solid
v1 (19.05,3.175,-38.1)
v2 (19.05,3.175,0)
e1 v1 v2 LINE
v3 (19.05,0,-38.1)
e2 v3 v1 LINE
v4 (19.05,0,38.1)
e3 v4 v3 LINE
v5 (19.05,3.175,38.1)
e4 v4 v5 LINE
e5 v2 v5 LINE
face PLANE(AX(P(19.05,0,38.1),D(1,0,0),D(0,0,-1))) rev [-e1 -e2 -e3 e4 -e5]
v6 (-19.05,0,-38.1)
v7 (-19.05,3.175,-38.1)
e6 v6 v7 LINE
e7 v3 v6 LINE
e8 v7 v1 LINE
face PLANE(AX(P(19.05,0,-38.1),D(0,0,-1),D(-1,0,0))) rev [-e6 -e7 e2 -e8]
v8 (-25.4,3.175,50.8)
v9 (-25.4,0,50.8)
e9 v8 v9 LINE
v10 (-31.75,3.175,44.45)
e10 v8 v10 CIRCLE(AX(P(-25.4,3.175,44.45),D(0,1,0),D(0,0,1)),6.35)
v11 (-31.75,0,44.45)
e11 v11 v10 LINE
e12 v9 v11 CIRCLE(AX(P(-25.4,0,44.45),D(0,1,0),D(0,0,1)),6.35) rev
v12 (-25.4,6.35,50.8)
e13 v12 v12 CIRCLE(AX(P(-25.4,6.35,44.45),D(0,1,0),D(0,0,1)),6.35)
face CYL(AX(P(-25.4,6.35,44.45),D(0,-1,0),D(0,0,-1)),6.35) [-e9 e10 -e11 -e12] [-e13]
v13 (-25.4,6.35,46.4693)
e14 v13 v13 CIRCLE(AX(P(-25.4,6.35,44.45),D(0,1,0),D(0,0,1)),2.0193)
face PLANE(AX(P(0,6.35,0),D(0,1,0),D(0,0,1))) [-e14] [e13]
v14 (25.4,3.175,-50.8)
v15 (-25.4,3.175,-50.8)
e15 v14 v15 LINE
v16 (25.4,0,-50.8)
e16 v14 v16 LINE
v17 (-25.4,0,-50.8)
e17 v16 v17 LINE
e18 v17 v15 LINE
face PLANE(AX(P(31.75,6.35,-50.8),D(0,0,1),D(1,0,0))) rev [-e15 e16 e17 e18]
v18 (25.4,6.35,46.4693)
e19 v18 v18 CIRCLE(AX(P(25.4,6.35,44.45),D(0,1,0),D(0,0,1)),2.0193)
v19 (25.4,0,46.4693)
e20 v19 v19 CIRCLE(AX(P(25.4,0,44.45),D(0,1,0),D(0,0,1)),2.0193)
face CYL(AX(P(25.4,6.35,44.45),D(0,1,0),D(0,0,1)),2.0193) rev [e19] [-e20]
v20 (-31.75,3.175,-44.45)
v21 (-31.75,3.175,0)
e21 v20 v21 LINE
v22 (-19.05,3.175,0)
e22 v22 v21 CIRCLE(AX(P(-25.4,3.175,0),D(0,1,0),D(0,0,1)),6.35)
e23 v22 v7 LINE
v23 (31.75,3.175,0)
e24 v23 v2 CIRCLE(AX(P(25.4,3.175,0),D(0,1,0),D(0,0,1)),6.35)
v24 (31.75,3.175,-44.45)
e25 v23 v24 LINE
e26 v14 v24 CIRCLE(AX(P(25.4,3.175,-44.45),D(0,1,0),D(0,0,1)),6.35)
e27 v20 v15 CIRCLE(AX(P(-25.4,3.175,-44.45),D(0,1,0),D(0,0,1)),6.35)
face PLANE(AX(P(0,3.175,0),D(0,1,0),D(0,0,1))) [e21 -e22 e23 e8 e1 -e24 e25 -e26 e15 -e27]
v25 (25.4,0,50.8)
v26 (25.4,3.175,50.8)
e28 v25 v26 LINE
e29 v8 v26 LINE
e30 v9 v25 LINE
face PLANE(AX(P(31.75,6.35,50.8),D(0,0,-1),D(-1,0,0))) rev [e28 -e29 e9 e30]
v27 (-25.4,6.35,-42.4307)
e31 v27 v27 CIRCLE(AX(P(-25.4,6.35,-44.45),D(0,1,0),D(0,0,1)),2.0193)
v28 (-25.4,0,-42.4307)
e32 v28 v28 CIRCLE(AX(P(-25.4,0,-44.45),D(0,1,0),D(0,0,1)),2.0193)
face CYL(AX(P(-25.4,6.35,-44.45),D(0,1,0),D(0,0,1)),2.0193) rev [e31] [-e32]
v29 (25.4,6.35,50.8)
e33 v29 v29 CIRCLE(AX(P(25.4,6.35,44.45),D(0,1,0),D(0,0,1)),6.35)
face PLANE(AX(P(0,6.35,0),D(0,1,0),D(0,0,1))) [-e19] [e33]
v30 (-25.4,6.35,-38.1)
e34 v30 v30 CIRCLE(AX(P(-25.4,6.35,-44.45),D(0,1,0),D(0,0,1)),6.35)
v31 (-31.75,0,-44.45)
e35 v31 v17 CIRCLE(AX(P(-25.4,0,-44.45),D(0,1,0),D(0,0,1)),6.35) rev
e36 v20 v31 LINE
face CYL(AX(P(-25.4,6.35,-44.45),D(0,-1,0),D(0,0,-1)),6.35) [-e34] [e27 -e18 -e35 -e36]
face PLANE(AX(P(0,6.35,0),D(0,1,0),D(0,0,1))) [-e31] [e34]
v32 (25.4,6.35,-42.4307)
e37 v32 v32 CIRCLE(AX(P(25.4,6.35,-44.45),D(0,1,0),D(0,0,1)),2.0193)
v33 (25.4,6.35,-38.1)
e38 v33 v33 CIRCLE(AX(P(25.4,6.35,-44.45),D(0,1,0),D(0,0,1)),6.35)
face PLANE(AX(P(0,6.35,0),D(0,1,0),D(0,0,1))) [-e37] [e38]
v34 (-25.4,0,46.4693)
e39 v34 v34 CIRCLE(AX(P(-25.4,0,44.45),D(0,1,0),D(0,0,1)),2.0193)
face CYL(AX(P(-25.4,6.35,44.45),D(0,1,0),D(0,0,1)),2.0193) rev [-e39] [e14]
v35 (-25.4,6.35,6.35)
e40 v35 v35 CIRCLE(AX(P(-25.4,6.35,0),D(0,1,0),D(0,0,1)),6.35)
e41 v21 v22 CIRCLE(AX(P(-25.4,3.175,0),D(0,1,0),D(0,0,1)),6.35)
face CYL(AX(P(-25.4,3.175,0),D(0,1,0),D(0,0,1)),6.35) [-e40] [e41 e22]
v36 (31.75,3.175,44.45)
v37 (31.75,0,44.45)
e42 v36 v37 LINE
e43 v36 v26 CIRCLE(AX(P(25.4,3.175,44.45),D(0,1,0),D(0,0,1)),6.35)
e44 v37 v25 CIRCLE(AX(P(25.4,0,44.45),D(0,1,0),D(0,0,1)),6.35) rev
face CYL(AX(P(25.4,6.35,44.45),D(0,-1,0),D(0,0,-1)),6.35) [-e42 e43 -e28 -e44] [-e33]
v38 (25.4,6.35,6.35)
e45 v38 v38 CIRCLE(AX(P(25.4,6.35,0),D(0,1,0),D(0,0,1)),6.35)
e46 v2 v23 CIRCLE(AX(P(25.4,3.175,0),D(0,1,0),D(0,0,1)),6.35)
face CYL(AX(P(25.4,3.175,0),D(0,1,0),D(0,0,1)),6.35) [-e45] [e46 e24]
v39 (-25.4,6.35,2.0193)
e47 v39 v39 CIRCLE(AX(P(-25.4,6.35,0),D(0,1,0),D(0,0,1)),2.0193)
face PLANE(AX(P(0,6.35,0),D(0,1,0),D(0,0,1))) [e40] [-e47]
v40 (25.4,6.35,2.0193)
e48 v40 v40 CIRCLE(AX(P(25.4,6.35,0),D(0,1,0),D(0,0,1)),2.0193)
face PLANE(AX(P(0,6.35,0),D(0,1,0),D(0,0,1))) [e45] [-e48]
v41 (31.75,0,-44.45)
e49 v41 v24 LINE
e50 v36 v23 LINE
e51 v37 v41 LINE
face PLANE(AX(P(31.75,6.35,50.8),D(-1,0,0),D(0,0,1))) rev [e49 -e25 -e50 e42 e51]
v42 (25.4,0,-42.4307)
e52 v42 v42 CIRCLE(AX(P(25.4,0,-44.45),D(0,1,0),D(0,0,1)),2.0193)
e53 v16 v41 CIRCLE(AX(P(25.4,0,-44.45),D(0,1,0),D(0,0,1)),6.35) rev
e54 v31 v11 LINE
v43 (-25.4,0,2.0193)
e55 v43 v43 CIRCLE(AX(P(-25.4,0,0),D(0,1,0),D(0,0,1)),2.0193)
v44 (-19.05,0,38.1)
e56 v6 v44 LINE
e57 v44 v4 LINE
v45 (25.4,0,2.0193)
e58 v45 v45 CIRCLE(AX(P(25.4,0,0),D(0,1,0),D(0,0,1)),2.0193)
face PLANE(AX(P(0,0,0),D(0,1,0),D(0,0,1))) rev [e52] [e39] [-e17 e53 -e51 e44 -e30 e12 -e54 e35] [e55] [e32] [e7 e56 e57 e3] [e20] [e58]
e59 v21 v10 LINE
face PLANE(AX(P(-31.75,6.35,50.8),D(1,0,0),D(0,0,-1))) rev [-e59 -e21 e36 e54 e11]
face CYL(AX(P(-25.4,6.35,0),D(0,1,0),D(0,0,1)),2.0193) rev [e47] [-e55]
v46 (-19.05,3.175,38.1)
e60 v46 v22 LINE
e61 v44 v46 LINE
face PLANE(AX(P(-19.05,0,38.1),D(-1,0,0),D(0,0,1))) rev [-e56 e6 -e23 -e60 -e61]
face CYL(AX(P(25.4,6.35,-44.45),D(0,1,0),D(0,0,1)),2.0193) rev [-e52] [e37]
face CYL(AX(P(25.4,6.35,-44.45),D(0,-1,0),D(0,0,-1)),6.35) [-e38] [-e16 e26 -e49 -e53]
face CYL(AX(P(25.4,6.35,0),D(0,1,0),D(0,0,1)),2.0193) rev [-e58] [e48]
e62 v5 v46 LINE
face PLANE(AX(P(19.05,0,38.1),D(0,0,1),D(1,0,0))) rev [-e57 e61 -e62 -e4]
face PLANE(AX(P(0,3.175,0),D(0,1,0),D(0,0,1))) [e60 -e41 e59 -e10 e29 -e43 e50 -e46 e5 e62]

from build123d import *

# Parameters (mm, degrees)
SKETCH1_W              = 63.5
SKETCH1_H              = 101.6
BOSS_EXTRUDE1_DEPTH    = 6.35
FILLET1_R              = 6.35
F_10_32_TAPPED_HOLE1_D = 4.0386
SKETCH10_W             = 38.1
SKETCH10_H             = 76.2
CUT_EXTRUDE1_DEPTH     = 7.35
CUT_EXTRUDE2_DEPTH     = 3.175


with BuildPart() as part:
    # Sketch1 → Boss-Extrude1 (new body)
    with BuildSketch(Plane(origin=(0, 0, 0), x_dir=(1, 0, 0), z_dir=(0, 1, 0))):
        Rectangle(SKETCH1_W, SKETCH1_H)
    extrude(amount=BOSS_EXTRUDE1_DEPTH)

    # Fillet1
    fillet1_edges = [part.edges().sort_by_distance(p)[0] for p in [
        (-31.75, 3.175, -50.8),
        (31.75, 3.175, -50.8),
        (31.75, 3.175, 50.8),
        (-31.75, 3.175, 50.8),
    ]]
    fillet(fillet1_edges, radius=FILLET1_R)

    # #10-32 Tapped Hole1 (through all)
    with Locations(Plane(origin=(0, 6.35, 0), x_dir=(1, 0, 0), z_dir=(0, 1, 0))):
        with Locations((25.4, 44.45), (-25.4, 44.45), (-25.4, -44.45), (25.4, -44.45), (-25.4, 0), (25.4, 0)):
            Hole(F_10_32_TAPPED_HOLE1_D / 2)

    # Sketch10 → Cut-Extrude1 (cut, through all)
    with BuildSketch(Plane(origin=(0, 6.35, 0), x_dir=(1, 0, 0), z_dir=(0, 1, 0))):
        Rectangle(SKETCH10_W, SKETCH10_H)
    extrude(amount=-CUT_EXTRUDE1_DEPTH, mode=Mode.SUBTRACT)

    # Sketch11 → Cut-Extrude2 (cut)
    with BuildSketch(Plane(origin=(0, 6.35, 0), x_dir=(1, 0, 0), z_dir=(0, 1, 0))):
        with BuildLine():
            ThreePointArc((25.4, -50.8), (20.909871939, -39.959871939), (31.75, -44.45))
            Line((31.75, -44.45), (31.75, 0))
            ThreePointArc((31.75, 0), (25.4, -6.35), (19.05, 0))
            Line((19.05, 0), (19.05, -38.1))
            Line((19.05, -38.1), (-19.05, -38.1))
            Line((-19.05, -38.1), (-19.05, 0))
            ThreePointArc((-19.05, 0), (-25.4, -6.35), (-31.75, 0))
            Line((-31.75, 0), (-31.75, -44.45))
            ThreePointArc((-31.75, -44.45), (-20.909871939, -39.959871939), (-25.4, -50.8))
            Line((-25.4, -50.8), (25.4, -50.8))
        make_face()
        with BuildLine():
            ThreePointArc((19.05, 0), (25.4, 6.35), (31.75, 0))
            Line((31.75, 0), (31.75, 44.45))
            ThreePointArc((31.75, 44.45), (20.909871939, 39.959871939), (25.4, 50.8))
            Line((25.4, 50.8), (-25.4, 50.8))
            ThreePointArc((-25.4, 50.8), (-20.909871939, 39.959871939), (-31.75, 44.45))
            Line((-31.75, 44.45), (-31.75, 0))
            ThreePointArc((-31.75, 0), (-25.4, 6.35), (-19.05, 0))
            Line((-19.05, 0), (-19.05, 38.1))
            Line((-19.05, 38.1), (19.05, 38.1))
            Line((19.05, 38.1), (19.05, 0))
        make_face()
    extrude(amount=-CUT_EXTRUDE2_DEPTH, mode=Mode.SUBTRACT)


solid = part.part
